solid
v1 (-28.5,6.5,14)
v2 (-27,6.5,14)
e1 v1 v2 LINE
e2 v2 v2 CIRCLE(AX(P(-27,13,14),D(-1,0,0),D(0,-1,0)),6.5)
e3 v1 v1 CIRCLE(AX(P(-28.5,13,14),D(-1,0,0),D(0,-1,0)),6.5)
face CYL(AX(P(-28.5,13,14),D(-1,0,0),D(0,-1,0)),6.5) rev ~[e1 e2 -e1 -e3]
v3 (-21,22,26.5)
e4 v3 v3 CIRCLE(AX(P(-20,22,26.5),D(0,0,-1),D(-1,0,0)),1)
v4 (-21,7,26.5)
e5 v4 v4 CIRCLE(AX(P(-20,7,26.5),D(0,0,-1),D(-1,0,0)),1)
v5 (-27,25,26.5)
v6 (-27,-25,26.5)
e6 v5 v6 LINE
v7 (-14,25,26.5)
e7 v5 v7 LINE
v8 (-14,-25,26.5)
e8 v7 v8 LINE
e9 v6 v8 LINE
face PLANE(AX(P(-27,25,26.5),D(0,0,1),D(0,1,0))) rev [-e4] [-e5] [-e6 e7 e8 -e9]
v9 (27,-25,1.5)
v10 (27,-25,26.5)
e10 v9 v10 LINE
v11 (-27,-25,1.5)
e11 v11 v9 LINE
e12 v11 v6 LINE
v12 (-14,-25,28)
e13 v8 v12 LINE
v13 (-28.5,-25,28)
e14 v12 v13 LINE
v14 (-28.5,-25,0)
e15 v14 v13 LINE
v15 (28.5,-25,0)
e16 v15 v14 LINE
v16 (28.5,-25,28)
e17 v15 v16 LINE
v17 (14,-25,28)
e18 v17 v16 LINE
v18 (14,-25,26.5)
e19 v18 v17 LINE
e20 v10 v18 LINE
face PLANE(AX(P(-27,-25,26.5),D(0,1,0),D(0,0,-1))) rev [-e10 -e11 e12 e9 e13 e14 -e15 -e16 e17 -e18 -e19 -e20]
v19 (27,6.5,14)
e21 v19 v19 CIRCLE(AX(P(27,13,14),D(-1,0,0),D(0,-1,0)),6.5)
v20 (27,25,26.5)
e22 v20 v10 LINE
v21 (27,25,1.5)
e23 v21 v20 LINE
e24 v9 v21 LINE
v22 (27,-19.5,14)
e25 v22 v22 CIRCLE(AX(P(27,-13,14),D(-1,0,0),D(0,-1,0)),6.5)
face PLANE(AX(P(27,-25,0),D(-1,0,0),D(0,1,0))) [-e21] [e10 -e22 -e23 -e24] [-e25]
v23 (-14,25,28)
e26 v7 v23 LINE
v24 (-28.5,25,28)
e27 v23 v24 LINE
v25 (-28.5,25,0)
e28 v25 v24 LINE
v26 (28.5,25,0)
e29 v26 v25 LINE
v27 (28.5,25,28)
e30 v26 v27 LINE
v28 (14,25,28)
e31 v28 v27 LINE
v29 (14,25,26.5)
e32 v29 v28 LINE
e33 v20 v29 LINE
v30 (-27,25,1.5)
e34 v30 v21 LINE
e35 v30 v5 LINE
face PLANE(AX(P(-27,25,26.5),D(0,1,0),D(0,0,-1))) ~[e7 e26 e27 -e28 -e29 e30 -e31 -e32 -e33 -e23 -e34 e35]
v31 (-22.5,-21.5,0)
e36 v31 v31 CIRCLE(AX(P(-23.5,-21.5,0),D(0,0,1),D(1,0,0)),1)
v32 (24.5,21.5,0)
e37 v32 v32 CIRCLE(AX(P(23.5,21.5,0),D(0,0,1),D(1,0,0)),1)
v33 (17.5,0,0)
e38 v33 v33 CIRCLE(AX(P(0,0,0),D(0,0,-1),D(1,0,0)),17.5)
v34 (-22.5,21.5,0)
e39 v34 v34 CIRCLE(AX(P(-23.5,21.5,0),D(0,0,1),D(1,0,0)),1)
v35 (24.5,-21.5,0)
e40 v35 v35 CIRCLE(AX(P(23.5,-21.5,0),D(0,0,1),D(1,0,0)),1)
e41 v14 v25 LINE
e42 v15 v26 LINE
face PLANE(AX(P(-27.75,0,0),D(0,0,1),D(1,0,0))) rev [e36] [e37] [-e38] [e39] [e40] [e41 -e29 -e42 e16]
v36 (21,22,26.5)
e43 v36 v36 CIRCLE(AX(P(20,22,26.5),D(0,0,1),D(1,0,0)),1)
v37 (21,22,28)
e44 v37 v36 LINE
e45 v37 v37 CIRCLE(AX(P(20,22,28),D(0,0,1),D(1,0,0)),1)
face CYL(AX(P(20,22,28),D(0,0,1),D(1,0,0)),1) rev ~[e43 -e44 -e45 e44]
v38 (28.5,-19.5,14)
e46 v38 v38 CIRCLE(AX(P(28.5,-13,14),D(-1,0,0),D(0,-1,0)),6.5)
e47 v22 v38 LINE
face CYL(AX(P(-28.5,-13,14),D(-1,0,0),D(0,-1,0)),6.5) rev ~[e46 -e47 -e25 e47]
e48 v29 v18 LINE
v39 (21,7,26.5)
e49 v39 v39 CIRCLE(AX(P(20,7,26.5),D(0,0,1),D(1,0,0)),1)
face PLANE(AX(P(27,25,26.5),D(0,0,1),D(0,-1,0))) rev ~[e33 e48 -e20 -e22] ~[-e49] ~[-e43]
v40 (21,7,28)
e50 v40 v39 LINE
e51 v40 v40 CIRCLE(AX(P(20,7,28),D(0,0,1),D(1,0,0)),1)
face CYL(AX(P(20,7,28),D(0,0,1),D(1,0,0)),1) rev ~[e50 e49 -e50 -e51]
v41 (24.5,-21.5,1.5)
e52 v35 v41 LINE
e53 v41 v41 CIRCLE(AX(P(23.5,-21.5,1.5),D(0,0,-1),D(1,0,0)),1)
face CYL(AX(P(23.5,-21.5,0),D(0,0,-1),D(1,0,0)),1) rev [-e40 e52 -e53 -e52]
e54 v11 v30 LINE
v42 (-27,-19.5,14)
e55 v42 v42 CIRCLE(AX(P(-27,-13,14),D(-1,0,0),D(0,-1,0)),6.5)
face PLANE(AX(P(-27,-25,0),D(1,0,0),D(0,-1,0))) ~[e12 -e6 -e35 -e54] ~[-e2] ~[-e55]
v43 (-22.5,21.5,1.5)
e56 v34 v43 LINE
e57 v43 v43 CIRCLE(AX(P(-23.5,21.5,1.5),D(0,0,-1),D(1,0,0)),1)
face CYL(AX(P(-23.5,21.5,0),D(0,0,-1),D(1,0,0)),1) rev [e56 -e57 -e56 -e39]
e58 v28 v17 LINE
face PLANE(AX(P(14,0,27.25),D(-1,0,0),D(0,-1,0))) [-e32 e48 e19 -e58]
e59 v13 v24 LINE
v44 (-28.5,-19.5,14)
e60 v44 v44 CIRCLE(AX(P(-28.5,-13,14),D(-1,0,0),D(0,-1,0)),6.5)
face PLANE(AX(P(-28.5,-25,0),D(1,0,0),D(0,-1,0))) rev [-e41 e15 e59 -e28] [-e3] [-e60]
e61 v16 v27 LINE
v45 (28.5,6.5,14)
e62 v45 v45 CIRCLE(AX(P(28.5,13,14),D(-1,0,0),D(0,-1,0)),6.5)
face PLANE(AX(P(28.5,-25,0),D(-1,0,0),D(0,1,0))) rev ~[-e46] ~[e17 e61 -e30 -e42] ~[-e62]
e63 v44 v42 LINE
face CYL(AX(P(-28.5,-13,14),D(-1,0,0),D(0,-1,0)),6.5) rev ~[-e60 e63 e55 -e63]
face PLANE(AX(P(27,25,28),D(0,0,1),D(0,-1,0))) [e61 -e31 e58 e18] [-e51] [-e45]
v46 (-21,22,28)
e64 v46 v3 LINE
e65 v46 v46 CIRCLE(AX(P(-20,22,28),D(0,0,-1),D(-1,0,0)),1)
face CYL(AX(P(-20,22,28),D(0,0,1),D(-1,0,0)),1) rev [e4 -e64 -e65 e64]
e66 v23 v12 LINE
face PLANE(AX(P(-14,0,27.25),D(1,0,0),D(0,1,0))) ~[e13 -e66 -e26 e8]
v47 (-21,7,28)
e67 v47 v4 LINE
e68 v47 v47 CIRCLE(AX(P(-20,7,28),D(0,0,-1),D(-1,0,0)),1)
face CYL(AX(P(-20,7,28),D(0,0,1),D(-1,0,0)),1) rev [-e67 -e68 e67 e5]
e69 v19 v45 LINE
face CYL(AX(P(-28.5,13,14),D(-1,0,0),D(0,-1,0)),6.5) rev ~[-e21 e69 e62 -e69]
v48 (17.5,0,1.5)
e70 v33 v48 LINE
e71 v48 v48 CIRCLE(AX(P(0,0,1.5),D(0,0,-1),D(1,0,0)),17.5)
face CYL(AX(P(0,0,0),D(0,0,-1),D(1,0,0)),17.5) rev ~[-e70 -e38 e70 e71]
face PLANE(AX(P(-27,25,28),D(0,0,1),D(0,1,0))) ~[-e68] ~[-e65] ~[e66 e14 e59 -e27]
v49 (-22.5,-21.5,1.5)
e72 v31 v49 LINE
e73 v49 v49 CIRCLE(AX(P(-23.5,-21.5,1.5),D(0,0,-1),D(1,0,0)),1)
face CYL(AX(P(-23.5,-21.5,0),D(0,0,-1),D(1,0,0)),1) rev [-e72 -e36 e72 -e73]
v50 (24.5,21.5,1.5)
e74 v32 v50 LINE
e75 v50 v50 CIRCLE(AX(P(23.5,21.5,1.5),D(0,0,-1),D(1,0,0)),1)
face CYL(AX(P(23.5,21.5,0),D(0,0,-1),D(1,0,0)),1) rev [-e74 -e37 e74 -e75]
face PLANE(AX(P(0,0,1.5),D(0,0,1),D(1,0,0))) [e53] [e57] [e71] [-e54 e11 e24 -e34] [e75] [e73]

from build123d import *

# Parameters (mm, degrees)
F0_W      = 54
F0_H      = 50
F0_R      = 1
F1_DEPTH  = 1.5
F2_W      = 1.5
F2_H      = 50
F3_DEPTH  = 28
F4_W      = 50
F4_H      = 1.5
F5_DEPTH  = 13
F6_R      = 1
F7_DEPTH  = 1.5
F9_R      = 6.5
F10_DEPTH = 57.001
F11_R     = 17.5
F12_DEPTH = 1.5


with BuildPart() as f1:
    # F0 (on Top) → F1 (new body)
    with BuildSketch(Plane.XY):
        Rectangle(F0_W, F0_H)
        with Locations((-23.5, -21.5)):
            Circle(F0_R, mode=Mode.SUBTRACT)
        with Locations((23.5, -21.5)):
            Circle(F0_R, mode=Mode.SUBTRACT)
        with Locations((-23.5, 21.5)):
            Circle(F0_R, mode=Mode.SUBTRACT)
        with Locations((23.5, 21.5)):
            Circle(F0_R, mode=Mode.SUBTRACT)
    extrude(amount=F1_DEPTH)

    # F2 (on Top) → F3 (join)
    with BuildSketch(Plane.XY):
        with Locations((27.75, 0)):
            Rectangle(F2_W, F2_H)
    extrude(amount=F3_DEPTH)

    # F4 (on face) → F5 (join)
    with BuildSketch(Plane(origin=(27, 0, 0), x_dir=(0, -1, 0), z_dir=(-1, 0, 0))):
        with Locations((0, 27.25)):
            Rectangle(F4_W, F4_H)
    extrude(amount=F5_DEPTH)

    # F6 (on face) → F7 (cut, through all)
    with BuildSketch(Plane.XY.offset(28)):
        with Locations((20, 22)):
            Circle(F6_R)
        with Locations((20, 7)):
            Circle(F6_R)
    extrude(amount=-F7_DEPTH, mode=Mode.SUBTRACT)

    # F8: F1 across plane


with BuildPart() as f1_1:
    add(f1.part)
    add(f1.part.mirror(Plane.YZ))

    # F9 (on face) → F10 (cut, through all)
    with BuildSketch(Plane(origin=(-28.5, 0, 0), x_dir=(0, -1, 0), z_dir=(-1, 0, 0))):
        with Locations((-13, 14)):
            Circle(F9_R)
        with Locations((13, 14)):
            Circle(F9_R)
    extrude(amount=-F10_DEPTH, mode=Mode.SUBTRACT)

    # F11 (on face) → F12 (cut, through all)
    with BuildSketch(Plane(origin=(0, 0, 0), x_dir=(1, 0, 0), z_dir=(0, 0, -1))):
        Circle(F11_R)
    extrude(amount=-F12_DEPTH, mode=Mode.SUBTRACT)


solid = f1_1.part
